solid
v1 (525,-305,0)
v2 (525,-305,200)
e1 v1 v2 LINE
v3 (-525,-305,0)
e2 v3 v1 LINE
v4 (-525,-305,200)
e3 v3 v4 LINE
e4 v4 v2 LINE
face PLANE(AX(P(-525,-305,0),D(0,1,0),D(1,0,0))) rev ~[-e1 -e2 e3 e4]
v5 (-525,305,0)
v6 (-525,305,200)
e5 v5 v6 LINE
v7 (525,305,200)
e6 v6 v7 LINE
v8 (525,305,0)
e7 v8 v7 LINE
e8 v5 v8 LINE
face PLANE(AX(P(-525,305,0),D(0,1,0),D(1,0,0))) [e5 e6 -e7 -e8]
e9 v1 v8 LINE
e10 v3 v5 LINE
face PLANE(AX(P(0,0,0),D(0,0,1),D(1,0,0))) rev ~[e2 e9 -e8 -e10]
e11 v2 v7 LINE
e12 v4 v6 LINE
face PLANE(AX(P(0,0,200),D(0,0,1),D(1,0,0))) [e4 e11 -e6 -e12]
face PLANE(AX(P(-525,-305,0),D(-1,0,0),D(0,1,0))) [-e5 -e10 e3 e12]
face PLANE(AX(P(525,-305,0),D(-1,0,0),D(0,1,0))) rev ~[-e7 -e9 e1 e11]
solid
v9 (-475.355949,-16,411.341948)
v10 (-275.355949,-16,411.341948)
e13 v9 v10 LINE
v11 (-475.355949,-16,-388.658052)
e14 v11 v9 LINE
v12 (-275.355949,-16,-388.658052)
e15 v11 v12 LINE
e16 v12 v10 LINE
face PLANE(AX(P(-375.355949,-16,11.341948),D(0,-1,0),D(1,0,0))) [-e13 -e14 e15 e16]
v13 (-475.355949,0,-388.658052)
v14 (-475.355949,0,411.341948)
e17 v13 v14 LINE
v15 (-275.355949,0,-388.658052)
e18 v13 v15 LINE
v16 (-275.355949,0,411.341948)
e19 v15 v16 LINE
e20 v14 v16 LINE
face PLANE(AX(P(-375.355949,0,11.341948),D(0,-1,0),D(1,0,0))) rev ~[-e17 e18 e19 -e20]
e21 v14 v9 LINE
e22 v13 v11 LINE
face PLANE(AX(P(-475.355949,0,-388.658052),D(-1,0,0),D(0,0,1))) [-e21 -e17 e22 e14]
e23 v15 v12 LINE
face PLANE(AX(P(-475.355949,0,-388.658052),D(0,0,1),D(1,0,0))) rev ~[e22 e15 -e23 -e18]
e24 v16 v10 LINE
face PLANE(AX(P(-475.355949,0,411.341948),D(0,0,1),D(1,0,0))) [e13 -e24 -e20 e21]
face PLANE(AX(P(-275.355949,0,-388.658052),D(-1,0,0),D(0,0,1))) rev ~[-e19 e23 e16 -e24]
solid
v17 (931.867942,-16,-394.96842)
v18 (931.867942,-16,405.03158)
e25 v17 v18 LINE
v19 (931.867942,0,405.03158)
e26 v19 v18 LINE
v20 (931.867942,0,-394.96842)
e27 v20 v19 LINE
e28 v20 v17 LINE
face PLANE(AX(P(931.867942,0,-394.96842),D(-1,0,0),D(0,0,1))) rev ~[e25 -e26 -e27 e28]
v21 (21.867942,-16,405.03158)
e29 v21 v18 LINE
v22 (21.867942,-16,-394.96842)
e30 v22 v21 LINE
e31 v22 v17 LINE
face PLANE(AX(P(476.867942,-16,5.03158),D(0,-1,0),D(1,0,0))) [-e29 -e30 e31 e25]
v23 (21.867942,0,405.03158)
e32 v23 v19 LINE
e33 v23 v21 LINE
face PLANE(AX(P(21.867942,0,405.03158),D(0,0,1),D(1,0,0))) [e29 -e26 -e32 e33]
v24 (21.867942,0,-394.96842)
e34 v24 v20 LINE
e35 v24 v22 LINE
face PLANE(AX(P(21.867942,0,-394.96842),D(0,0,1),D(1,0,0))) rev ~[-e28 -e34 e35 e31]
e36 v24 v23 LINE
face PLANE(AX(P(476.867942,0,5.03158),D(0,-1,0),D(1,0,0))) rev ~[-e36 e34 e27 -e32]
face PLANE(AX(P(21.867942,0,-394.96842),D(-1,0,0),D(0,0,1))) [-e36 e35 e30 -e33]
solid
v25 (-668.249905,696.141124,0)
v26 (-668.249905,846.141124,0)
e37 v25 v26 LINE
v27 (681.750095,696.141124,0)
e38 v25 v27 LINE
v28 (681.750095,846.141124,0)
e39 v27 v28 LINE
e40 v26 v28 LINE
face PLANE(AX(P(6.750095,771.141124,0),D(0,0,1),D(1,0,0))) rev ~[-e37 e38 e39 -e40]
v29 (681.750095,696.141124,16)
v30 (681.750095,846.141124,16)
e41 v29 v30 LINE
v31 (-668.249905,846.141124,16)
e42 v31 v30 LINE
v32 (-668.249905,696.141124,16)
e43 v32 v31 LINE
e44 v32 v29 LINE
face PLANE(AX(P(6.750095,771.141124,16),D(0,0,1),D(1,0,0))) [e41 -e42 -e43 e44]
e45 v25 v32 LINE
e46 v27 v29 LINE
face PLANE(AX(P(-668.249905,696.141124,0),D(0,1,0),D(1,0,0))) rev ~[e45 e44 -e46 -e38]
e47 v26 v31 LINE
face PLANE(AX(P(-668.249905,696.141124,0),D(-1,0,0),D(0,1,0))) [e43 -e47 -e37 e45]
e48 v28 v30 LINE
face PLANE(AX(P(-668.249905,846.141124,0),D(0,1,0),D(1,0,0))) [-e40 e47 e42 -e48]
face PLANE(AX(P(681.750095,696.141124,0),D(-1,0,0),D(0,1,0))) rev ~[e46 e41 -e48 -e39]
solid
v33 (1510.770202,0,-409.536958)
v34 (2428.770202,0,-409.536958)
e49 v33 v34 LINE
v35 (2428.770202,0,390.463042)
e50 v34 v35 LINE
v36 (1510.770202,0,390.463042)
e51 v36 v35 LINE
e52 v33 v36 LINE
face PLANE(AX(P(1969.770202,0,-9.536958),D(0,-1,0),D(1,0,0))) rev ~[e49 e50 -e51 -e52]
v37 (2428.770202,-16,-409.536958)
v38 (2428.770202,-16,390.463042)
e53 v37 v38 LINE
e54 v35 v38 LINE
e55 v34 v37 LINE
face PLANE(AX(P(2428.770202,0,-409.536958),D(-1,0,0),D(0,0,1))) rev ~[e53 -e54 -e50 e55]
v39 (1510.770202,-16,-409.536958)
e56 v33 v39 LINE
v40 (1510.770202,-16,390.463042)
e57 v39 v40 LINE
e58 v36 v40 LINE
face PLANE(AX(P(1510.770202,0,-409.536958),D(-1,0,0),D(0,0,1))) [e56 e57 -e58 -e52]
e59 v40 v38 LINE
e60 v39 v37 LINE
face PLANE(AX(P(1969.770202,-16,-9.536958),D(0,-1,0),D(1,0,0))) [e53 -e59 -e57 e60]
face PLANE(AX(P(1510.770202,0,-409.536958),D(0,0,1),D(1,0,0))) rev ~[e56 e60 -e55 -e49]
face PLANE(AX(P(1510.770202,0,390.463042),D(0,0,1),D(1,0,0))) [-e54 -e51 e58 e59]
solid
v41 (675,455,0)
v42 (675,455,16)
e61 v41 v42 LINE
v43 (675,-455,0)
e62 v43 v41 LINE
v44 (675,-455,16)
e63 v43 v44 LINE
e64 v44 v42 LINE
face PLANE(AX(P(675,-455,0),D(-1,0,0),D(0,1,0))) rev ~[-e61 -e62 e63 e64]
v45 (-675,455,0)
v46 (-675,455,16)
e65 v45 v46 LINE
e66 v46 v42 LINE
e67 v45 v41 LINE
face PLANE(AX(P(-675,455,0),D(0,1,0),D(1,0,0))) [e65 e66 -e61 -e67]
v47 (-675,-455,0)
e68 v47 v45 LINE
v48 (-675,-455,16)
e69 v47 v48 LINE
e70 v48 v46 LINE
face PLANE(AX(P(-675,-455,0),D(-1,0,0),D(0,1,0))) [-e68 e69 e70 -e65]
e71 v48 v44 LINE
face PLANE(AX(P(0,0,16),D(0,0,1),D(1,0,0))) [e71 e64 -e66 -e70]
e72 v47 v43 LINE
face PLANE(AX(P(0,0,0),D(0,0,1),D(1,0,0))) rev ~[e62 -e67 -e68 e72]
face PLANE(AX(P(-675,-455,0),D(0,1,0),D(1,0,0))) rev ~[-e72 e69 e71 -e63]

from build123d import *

# Parameters (mm, degrees)
F1_W     = 1350
F1_H     = 150
F2_DEPTH = 16
F1_H_2   = 910
F1_W_2   = 1050
F1_H_3   = 610
F3_DEPTH = 16
F4_W     = 200
F4_H     = 800
F5_DEPTH = 16
F4_W_2   = 910
F6_DEPTH = 16
F4_W_3   = 918
F7_DEPTH = 16
F8_DEPTH = 200


with BuildPart() as f2:
    # F1 (on Top) → F2 (new body)
    with BuildSketch(Plane.XY):
        with Locations((6.7500948906, 771.1411237717)):
            Rectangle(F1_W, F1_H)
    extrude(amount=F2_DEPTH)


with BuildPart() as f3:
    # F1 (on Top) → F3 (new body)
    with BuildSketch(Plane.XY):
        Rectangle(F1_W, F1_H_2)
        Rectangle(F1_W_2, F1_H_3, mode=Mode.SUBTRACT)
        Rectangle(F1_W_2, F1_H_3)
    extrude(amount=F3_DEPTH)


with BuildPart() as f5:
    # F4 (on Front) → F5 (new body)
    with BuildSketch(Plane.XZ):
        with Locations((-375.3559490335, 11.3419480622)):
            Rectangle(F4_W, F4_H)
    extrude(amount=F5_DEPTH)


with BuildPart() as f6:
    # F4 (on Front) → F6 (new body)
    with BuildSketch(Plane.XZ):
        with Locations((476.867942065, 5.0315797329)):
            Rectangle(F4_W_2, F4_H)
    extrude(amount=F6_DEPTH)


with BuildPart() as f7:
    # F4 (on Front) → F7 (new body)
    with BuildSketch(Plane.XZ):
        with Locations((1969.770201683, -9.5369577408)):
            Rectangle(F4_W_3, F4_H)
    extrude(amount=F7_DEPTH)


with BuildPart() as f8:
    # F1 (on Top) → F8 (new body)
    with BuildSketch(Plane.XY):
        Rectangle(F1_W_2, F1_H_3)
    extrude(amount=F8_DEPTH)


solid = Compound([f2.part, f3.part, f5.part, f6.part, f7.part, f8.part])
